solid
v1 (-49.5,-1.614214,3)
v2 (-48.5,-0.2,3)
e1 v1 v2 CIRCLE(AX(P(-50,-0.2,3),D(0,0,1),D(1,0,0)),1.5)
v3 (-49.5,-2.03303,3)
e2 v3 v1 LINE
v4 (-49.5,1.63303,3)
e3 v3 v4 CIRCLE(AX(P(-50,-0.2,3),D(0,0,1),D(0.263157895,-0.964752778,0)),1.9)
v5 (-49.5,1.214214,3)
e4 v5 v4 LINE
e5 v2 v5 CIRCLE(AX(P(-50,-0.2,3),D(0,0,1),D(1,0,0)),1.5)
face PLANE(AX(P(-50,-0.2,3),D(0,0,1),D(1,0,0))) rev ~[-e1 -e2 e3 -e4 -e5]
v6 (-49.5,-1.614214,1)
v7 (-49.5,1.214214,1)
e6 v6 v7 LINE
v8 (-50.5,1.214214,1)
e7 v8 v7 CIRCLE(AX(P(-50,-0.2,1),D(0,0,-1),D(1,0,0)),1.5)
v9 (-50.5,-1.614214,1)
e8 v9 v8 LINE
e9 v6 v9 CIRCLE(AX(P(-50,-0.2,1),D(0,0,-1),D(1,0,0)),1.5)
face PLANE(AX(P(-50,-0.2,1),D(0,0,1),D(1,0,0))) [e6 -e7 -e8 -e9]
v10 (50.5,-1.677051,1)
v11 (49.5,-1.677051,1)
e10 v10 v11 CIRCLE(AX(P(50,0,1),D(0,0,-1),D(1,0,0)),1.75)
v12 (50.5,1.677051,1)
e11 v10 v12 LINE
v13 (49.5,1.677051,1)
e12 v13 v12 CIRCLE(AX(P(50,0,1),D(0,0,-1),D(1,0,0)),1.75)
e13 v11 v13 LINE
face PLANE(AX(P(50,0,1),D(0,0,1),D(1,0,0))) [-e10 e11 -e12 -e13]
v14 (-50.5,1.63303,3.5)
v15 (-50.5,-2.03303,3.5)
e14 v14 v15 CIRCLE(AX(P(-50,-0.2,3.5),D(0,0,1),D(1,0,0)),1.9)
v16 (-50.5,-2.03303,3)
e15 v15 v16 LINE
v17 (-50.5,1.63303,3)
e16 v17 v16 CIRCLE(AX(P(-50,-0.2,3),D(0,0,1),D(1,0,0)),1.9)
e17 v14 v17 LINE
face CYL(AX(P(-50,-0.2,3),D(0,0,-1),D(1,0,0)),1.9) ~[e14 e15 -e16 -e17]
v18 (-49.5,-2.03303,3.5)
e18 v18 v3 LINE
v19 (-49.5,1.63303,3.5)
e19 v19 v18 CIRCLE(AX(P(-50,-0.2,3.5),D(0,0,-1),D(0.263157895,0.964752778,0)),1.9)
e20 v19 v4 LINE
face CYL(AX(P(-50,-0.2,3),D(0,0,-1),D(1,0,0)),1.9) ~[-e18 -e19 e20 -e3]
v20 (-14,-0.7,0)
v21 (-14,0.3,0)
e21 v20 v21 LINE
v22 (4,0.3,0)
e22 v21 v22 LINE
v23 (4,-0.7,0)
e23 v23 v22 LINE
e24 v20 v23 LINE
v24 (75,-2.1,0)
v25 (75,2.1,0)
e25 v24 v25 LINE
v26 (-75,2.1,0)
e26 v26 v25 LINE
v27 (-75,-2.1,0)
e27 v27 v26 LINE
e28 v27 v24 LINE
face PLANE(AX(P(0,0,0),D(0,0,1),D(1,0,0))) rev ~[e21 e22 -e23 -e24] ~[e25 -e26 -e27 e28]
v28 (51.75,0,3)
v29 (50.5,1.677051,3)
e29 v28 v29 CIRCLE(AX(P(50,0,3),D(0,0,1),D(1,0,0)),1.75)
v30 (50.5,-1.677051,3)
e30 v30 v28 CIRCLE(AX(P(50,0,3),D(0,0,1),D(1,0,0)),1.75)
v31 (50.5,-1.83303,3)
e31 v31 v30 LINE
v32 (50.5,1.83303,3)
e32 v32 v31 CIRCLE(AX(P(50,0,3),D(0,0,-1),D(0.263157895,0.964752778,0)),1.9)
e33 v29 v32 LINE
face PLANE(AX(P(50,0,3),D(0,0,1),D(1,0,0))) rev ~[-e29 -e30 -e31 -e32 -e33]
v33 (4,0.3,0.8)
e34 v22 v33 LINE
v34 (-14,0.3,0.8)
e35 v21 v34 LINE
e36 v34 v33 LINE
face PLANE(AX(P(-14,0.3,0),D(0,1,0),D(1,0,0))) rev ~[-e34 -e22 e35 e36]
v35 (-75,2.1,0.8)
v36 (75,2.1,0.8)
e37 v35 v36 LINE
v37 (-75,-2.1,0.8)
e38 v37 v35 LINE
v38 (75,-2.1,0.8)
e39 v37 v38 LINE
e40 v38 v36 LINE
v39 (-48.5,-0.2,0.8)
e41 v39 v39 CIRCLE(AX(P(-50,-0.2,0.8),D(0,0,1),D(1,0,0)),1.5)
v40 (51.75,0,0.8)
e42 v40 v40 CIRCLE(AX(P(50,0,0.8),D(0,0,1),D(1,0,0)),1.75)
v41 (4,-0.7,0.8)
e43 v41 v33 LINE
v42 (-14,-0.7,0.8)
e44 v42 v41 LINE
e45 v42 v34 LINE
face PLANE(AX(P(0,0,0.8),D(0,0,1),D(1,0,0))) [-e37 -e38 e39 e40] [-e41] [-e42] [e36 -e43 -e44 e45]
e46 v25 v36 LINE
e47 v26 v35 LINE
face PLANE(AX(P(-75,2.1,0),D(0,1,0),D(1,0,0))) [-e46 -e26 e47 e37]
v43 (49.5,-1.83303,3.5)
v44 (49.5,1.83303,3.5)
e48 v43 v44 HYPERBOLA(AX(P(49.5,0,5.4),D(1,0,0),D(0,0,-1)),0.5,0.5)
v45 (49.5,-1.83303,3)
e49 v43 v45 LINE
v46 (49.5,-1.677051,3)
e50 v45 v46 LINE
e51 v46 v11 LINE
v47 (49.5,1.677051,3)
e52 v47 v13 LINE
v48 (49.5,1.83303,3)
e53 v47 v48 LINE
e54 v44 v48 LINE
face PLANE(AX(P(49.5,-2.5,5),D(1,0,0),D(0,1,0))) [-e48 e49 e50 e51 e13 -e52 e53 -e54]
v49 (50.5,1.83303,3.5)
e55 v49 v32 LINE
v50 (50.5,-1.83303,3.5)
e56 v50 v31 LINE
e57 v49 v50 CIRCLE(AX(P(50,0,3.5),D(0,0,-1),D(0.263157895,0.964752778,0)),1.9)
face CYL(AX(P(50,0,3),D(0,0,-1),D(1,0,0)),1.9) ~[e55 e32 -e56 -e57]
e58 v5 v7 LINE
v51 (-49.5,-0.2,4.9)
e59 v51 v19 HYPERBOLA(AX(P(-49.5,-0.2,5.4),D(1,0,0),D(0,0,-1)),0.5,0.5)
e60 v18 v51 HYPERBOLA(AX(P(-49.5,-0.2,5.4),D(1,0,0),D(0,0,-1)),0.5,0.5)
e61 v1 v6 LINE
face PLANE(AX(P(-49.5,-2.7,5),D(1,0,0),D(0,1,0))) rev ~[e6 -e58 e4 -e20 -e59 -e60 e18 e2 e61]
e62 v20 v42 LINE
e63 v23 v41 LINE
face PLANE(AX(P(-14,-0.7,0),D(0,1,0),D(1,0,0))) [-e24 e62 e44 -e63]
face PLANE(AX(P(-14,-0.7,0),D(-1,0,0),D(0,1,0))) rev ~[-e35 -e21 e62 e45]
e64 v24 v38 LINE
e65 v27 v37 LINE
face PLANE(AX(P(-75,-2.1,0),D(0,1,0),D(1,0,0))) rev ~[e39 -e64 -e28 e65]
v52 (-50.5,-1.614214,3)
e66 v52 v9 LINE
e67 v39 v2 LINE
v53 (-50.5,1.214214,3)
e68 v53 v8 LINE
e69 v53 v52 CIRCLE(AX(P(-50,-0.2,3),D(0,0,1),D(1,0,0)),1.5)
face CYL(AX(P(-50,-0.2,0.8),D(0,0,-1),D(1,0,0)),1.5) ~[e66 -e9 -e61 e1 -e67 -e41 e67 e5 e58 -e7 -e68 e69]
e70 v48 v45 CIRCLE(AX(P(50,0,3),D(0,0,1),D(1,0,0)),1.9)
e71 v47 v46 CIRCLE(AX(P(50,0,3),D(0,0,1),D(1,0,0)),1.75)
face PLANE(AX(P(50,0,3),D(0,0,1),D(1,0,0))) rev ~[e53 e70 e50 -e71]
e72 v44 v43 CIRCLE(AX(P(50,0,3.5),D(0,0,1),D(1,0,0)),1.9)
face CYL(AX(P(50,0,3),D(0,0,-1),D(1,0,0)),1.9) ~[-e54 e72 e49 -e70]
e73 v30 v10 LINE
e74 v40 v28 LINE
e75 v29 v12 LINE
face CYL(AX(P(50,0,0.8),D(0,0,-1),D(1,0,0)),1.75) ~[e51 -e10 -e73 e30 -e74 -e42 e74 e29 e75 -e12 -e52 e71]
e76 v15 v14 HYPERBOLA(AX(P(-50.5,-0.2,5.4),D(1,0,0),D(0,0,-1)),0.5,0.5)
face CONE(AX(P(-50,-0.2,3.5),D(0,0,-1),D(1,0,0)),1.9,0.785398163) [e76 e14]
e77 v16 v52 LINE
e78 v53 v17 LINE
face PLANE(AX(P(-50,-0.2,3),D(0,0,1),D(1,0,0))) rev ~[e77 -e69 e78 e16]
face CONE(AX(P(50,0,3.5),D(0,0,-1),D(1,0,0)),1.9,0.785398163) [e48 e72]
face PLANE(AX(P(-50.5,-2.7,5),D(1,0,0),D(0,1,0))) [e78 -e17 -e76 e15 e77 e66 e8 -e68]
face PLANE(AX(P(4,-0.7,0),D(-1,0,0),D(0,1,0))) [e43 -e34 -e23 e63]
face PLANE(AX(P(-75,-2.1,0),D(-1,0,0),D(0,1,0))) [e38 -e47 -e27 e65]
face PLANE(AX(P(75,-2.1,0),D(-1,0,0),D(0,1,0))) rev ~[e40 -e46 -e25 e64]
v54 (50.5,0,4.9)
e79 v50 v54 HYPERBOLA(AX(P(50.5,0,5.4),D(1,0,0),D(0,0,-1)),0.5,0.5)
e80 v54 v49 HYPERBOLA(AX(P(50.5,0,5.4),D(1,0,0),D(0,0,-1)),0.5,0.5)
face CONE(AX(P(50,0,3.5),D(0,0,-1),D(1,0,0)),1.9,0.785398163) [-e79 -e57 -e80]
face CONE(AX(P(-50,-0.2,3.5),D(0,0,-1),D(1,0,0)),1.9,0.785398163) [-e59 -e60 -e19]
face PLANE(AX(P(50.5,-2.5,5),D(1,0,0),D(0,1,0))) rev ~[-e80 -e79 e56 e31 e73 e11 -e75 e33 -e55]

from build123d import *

# Parameters (mm, degrees)
SKICA2_W                 = 150
SKICA2_H                 = 4.2
SKICA2_W_2               = 18
SKICA2_H_2               = 1
P_IDAT_VYSUNUT_M2_DEPTH  = 0.8
SKICA3_R                 = 1.5
SKICA3_R_2               = 1.75
P_IDAT_VYSUNUT_M3_DEPTH  = 2.2
SKICA5_R                 = 1.9
P_IDAT_VYSUNUT_M5_DEPTH  = 2
ZKOSEN_2_SIZE            = 1.5
SKICA7_W                 = 1
SKICA7_H                 = 5
ODEBRAT_VYSUNUT_M1_DEPTH = 4


with BuildPart() as part:
    # Skica2 → Přidat vysunutím2 (new body)
    with BuildSketch(Plane.XY):
        Rectangle(SKICA2_W, SKICA2_H)
        with Locations((-5, -0.2)):
            Rectangle(SKICA2_W_2, SKICA2_H_2, mode=Mode.SUBTRACT)
    extrude(amount=P_IDAT_VYSUNUT_M2_DEPTH)

    # Skica3 → Přidat vysunutím3 (add)
    with BuildSketch(Plane.XY.offset(0.8)):
        with Locations((-50, -0.2)):
            Circle(SKICA3_R)
        with Locations((50, 0)):
            Circle(SKICA3_R_2)
    extrude(amount=P_IDAT_VYSUNUT_M3_DEPTH)

    # Skica5 → Přidat vysunutím5 (add)
    with BuildSketch(Plane.XY.offset(3)):
        with Locations((-50, -0.2)):
            Circle(SKICA5_R)
        with Locations((50, 0)):
            Circle(SKICA5_R)
    extrude(amount=P_IDAT_VYSUNUT_M5_DEPTH)

    # Zkosení2
    zkosen_2_edges = [part.edges().sort_by_distance(p)[0] for p in [
        (-51.9, -0.2, 5),
        (48.1, 0, 5),
    ]]
    chamfer(zkosen_2_edges, length=ZKOSEN_2_SIZE)

    # Skica7 → Odebrat vysunutím1 (cut)
    with BuildSketch(Plane.XY.offset(5)):
        with Locations((-50, -0.2)):
            Rectangle(SKICA7_W, SKICA7_H)
        with Locations((50, 0)):
            Rectangle(SKICA7_W, SKICA7_H)
    extrude(amount=-ODEBRAT_VYSUNUT_M1_DEPTH, mode=Mode.SUBTRACT)


solid = part.part
